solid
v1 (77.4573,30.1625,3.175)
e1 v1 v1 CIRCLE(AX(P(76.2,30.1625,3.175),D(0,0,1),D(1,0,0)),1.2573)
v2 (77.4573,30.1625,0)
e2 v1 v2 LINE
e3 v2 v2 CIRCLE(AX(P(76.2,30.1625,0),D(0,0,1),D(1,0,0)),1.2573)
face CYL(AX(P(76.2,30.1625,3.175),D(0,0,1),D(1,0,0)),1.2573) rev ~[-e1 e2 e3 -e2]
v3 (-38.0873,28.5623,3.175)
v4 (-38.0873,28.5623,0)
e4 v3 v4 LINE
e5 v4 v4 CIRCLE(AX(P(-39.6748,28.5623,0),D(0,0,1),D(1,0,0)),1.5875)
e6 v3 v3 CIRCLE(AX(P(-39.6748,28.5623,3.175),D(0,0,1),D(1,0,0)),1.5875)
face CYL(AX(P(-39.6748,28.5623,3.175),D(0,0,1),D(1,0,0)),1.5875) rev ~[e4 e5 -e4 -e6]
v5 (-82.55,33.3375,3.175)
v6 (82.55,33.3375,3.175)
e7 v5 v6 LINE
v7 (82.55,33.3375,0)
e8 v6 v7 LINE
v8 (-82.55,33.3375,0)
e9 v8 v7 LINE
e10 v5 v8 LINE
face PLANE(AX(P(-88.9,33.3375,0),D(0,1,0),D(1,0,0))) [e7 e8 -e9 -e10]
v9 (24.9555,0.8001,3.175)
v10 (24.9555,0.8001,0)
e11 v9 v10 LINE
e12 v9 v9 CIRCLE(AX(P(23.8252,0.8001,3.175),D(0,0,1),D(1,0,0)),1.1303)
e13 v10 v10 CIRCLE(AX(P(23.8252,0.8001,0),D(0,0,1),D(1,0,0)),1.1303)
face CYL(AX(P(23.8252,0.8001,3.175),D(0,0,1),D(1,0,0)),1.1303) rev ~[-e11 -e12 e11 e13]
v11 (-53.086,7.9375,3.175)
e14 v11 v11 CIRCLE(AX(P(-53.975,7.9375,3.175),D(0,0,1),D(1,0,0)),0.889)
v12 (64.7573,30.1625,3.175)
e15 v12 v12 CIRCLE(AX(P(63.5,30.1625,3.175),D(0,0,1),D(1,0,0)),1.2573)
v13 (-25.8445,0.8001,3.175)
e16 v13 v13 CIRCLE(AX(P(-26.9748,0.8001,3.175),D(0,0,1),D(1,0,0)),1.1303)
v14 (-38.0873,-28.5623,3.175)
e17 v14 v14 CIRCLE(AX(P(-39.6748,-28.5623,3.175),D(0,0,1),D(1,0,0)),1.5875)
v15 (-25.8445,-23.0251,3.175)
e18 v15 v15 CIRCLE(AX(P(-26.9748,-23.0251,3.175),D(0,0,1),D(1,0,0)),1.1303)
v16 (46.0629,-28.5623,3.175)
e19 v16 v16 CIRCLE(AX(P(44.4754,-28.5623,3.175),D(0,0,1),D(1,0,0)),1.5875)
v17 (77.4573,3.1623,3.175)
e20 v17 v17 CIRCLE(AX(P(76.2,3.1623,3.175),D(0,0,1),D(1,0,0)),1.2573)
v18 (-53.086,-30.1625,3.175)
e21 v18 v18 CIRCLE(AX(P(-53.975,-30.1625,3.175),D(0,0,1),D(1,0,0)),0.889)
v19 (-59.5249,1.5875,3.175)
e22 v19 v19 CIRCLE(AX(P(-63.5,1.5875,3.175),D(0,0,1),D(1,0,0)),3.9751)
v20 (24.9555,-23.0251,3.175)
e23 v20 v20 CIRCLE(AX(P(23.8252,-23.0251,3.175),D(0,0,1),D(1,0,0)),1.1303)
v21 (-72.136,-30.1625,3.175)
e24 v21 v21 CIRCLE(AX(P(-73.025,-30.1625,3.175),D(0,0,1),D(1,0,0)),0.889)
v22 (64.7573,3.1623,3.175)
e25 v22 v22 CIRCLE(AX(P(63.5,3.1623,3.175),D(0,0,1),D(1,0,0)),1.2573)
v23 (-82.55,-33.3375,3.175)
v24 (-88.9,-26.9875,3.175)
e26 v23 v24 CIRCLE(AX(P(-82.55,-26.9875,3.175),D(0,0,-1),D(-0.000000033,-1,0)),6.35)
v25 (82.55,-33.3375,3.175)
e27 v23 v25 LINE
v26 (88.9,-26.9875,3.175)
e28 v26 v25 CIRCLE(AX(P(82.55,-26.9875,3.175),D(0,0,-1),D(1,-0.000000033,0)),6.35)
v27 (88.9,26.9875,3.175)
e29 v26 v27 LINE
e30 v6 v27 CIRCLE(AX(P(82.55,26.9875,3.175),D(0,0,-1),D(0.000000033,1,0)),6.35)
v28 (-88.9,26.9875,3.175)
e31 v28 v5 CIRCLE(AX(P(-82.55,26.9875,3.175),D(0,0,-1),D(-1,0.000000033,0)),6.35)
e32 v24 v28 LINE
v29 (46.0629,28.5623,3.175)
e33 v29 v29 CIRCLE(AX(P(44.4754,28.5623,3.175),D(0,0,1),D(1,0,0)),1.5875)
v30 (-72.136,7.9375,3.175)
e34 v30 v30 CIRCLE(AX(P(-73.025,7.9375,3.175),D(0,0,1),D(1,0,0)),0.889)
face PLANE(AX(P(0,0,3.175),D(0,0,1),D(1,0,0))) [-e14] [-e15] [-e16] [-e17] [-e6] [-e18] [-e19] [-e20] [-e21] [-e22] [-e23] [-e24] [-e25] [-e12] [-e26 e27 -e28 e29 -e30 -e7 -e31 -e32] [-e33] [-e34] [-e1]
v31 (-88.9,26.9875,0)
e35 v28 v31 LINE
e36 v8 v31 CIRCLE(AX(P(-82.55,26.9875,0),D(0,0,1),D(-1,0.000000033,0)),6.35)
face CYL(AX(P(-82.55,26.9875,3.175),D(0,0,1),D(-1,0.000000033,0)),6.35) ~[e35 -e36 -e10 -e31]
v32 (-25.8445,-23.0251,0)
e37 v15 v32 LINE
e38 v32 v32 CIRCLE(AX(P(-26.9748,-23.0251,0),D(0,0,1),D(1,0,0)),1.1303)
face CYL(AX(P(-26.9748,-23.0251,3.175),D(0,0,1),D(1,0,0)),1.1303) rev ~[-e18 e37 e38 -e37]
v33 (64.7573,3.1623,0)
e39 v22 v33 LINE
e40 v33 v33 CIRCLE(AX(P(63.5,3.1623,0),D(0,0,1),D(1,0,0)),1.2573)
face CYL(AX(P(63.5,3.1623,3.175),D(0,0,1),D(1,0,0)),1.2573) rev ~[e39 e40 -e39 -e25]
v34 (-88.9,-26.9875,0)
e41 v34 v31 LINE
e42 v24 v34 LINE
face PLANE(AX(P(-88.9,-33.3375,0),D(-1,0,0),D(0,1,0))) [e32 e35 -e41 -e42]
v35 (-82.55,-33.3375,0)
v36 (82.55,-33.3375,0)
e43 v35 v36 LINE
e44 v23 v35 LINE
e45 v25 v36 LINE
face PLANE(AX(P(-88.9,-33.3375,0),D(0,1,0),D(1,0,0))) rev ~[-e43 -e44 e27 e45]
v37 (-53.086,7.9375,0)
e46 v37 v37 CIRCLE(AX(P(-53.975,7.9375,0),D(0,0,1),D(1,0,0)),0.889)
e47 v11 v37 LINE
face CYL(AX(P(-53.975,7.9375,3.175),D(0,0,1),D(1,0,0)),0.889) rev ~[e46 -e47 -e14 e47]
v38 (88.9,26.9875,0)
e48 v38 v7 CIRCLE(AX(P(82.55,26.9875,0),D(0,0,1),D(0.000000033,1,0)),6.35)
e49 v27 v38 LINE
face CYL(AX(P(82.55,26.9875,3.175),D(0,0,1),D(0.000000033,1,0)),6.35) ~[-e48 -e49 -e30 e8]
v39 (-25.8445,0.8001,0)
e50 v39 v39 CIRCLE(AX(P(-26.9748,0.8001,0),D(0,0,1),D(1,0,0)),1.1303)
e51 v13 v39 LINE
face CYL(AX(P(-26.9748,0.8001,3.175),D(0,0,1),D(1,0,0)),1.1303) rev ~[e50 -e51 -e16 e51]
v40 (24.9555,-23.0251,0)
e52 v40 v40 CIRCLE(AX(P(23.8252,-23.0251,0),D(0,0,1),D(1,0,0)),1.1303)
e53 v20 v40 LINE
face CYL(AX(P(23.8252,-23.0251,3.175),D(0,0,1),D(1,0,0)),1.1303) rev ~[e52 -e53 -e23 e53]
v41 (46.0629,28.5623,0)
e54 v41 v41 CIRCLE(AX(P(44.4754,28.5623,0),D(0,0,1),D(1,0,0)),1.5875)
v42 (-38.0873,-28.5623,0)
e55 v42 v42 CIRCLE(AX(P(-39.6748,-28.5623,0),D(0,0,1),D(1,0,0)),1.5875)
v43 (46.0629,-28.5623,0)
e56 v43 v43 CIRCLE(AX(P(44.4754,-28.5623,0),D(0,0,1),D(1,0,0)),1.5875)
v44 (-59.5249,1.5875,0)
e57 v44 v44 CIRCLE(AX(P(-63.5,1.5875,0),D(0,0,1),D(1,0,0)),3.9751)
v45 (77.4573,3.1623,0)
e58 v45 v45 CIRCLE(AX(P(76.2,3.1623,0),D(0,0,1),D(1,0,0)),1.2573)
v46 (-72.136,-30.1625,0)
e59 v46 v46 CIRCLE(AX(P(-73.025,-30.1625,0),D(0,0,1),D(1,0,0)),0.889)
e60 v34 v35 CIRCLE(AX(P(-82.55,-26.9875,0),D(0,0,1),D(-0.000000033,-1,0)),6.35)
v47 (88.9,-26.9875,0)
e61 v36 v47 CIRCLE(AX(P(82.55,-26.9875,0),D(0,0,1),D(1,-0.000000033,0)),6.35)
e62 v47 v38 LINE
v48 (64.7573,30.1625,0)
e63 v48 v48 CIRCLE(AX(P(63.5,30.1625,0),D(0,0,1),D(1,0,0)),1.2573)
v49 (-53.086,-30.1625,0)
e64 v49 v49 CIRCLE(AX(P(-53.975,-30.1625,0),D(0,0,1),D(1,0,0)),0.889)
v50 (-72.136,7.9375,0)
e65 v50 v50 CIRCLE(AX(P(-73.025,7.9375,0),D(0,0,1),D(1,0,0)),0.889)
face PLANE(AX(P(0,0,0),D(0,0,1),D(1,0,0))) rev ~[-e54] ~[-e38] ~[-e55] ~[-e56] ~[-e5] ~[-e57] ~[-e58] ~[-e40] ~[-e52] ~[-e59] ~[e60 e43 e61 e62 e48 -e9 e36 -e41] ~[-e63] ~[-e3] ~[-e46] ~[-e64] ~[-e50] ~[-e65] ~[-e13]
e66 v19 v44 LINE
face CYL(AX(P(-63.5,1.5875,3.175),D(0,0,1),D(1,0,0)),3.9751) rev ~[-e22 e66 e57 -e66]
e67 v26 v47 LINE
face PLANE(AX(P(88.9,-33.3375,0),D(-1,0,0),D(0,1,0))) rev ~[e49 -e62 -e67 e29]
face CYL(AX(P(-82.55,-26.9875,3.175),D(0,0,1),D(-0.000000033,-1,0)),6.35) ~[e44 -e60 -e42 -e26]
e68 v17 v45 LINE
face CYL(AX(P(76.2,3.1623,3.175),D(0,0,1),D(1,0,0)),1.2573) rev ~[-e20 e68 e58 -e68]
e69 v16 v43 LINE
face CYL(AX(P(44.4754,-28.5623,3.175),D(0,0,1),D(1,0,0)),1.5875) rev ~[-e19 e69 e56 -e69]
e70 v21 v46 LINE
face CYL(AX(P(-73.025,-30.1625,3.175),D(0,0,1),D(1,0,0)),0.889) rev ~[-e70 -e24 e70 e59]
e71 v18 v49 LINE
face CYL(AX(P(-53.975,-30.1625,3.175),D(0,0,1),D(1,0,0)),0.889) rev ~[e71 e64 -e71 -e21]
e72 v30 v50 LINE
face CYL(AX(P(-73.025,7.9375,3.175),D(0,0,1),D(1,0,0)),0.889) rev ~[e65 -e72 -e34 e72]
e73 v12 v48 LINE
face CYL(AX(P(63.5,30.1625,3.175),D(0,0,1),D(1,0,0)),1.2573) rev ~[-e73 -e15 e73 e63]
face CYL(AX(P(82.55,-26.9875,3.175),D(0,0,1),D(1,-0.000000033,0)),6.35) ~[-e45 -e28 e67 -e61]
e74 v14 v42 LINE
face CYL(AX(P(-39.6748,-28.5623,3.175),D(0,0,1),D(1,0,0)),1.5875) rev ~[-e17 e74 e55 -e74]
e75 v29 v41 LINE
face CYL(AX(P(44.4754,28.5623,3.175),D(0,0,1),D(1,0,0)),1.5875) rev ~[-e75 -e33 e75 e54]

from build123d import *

# Parameters (mm, degrees)
F0_W      = 177.8
F0_H      = 66.675
F1_DEPTH  = 3.175
F3_DEPTH  = 3.176
F5_DEPTH  = 3.176
F6_R      = 1.2573
F7_DEPTH  = 3.176
F8_R      = 1.5875
F9_DEPTH  = 3.176
F10_R     = 0.889
F11_DEPTH = 3.176
F12_R     = 3.9751
F13_DEPTH = 3.176
F14_R     = 1.1303
F15_DEPTH = 3.176


with BuildPart() as f1:
    # F0 (on Top) → F1 (new body)
    with BuildSketch(Plane.XY):
        Rectangle(F0_W, F0_H)
    extrude(amount=F1_DEPTH)

    # F2 (on face) → F3 (cut, through all)
    with BuildSketch(Plane.XY.offset(3.175)):
        with BuildLine():
            ThreePointArc((-88.9, 26.9875), (-87.040128, 31.477628), (-82.55, 33.3375))
            Line((-82.55, 33.3375), (-88.9, 33.3375))
            Line((-88.9, 33.3375), (-88.9, 26.9875))
        make_face()
    extrude(amount=-F3_DEPTH, mode=Mode.SUBTRACT)

    # F4 (on face) → F5 (cut, through all)
    with BuildSketch(Plane.XY.offset(3.175)):
        with BuildLine():
            Line((88.9, 33.3375), (82.55, 33.3375))
            ThreePointArc((82.55, 33.3375), (87.040128, 31.477628), (88.9, 26.9875))
            Line((88.9, 26.9875), (88.9, 33.3375))
        make_face()
        with BuildLine():
            ThreePointArc((88.9, -26.9875), (87.040128, -31.477628), (82.55, -33.3375))
            Line((82.55, -33.3375), (88.9, -33.3375))
            Line((88.9, -33.3375), (88.9, -26.9875))
        make_face()
        with BuildLine():
            ThreePointArc((-82.55, -33.3375), (-87.040128, -31.477628), (-88.9, -26.9875))
            Line((-88.9, -26.9875), (-88.9, -33.3375))
            Line((-88.9, -33.3375), (-82.55, -33.3375))
        make_face()
    extrude(amount=-F5_DEPTH, mode=Mode.SUBTRACT)

    # F6 (on face) → F7 (cut, through all)
    with BuildSketch(Plane.XY.offset(3.175)):
        with Locations((63.5, 30.1625)):
            Circle(F6_R)
        with Locations((76.2, 30.1625)):
            Circle(F6_R)
        with Locations((63.5, 3.1623)):
            Circle(F6_R)
        with Locations((76.2, 3.1623)):
            Circle(F6_R)
    extrude(amount=-F7_DEPTH, mode=Mode.SUBTRACT)

    # F8 (on face) → F9 (cut, through all)
    with BuildSketch(Plane.XY.offset(3.175)):
        with Locations((44.4754, 28.5623)):
            Circle(F8_R)
        with Locations((-39.6748, 28.5623)):
            Circle(F8_R)
        with Locations((-39.6748, -28.5623)):
            Circle(F8_R)
        with Locations((44.4754, -28.5623)):
            Circle(F8_R)
    extrude(amount=-F9_DEPTH, mode=Mode.SUBTRACT)

    # F10 (on face) → F11 (cut, through all)
    with BuildSketch(Plane.XY.offset(3.175)):
        with Locations((-73.025, 7.9375)):
            Circle(F10_R)
        with Locations((-53.975, 7.9375)):
            Circle(F10_R)
        with Locations((-73.025, -30.1625)):
            Circle(F10_R)
        with Locations((-53.975, -30.1625)):
            Circle(F10_R)
    extrude(amount=-F11_DEPTH, mode=Mode.SUBTRACT)

    # F12 (on face) → F13 (cut, through all)
    with BuildSketch(Plane.XY.offset(3.175)):
        with Locations((-63.5, 1.5875)):
            Circle(F12_R)
    extrude(amount=-F13_DEPTH, mode=Mode.SUBTRACT)

    # F14 (on face) → F15 (cut, through all)
    with BuildSketch(Plane.XY.offset(3.175)):
        with Locations((-26.9748, 0.8001)):
            Circle(F14_R)
        with Locations((23.8252, 0.8001)):
            Circle(F14_R)
        with Locations((23.8252, -23.0251)):
            Circle(F14_R)
        with Locations((-26.9748, -23.0251)):
            Circle(F14_R)
    extrude(amount=-F15_DEPTH, mode=Mode.SUBTRACT)


solid = f1.part
